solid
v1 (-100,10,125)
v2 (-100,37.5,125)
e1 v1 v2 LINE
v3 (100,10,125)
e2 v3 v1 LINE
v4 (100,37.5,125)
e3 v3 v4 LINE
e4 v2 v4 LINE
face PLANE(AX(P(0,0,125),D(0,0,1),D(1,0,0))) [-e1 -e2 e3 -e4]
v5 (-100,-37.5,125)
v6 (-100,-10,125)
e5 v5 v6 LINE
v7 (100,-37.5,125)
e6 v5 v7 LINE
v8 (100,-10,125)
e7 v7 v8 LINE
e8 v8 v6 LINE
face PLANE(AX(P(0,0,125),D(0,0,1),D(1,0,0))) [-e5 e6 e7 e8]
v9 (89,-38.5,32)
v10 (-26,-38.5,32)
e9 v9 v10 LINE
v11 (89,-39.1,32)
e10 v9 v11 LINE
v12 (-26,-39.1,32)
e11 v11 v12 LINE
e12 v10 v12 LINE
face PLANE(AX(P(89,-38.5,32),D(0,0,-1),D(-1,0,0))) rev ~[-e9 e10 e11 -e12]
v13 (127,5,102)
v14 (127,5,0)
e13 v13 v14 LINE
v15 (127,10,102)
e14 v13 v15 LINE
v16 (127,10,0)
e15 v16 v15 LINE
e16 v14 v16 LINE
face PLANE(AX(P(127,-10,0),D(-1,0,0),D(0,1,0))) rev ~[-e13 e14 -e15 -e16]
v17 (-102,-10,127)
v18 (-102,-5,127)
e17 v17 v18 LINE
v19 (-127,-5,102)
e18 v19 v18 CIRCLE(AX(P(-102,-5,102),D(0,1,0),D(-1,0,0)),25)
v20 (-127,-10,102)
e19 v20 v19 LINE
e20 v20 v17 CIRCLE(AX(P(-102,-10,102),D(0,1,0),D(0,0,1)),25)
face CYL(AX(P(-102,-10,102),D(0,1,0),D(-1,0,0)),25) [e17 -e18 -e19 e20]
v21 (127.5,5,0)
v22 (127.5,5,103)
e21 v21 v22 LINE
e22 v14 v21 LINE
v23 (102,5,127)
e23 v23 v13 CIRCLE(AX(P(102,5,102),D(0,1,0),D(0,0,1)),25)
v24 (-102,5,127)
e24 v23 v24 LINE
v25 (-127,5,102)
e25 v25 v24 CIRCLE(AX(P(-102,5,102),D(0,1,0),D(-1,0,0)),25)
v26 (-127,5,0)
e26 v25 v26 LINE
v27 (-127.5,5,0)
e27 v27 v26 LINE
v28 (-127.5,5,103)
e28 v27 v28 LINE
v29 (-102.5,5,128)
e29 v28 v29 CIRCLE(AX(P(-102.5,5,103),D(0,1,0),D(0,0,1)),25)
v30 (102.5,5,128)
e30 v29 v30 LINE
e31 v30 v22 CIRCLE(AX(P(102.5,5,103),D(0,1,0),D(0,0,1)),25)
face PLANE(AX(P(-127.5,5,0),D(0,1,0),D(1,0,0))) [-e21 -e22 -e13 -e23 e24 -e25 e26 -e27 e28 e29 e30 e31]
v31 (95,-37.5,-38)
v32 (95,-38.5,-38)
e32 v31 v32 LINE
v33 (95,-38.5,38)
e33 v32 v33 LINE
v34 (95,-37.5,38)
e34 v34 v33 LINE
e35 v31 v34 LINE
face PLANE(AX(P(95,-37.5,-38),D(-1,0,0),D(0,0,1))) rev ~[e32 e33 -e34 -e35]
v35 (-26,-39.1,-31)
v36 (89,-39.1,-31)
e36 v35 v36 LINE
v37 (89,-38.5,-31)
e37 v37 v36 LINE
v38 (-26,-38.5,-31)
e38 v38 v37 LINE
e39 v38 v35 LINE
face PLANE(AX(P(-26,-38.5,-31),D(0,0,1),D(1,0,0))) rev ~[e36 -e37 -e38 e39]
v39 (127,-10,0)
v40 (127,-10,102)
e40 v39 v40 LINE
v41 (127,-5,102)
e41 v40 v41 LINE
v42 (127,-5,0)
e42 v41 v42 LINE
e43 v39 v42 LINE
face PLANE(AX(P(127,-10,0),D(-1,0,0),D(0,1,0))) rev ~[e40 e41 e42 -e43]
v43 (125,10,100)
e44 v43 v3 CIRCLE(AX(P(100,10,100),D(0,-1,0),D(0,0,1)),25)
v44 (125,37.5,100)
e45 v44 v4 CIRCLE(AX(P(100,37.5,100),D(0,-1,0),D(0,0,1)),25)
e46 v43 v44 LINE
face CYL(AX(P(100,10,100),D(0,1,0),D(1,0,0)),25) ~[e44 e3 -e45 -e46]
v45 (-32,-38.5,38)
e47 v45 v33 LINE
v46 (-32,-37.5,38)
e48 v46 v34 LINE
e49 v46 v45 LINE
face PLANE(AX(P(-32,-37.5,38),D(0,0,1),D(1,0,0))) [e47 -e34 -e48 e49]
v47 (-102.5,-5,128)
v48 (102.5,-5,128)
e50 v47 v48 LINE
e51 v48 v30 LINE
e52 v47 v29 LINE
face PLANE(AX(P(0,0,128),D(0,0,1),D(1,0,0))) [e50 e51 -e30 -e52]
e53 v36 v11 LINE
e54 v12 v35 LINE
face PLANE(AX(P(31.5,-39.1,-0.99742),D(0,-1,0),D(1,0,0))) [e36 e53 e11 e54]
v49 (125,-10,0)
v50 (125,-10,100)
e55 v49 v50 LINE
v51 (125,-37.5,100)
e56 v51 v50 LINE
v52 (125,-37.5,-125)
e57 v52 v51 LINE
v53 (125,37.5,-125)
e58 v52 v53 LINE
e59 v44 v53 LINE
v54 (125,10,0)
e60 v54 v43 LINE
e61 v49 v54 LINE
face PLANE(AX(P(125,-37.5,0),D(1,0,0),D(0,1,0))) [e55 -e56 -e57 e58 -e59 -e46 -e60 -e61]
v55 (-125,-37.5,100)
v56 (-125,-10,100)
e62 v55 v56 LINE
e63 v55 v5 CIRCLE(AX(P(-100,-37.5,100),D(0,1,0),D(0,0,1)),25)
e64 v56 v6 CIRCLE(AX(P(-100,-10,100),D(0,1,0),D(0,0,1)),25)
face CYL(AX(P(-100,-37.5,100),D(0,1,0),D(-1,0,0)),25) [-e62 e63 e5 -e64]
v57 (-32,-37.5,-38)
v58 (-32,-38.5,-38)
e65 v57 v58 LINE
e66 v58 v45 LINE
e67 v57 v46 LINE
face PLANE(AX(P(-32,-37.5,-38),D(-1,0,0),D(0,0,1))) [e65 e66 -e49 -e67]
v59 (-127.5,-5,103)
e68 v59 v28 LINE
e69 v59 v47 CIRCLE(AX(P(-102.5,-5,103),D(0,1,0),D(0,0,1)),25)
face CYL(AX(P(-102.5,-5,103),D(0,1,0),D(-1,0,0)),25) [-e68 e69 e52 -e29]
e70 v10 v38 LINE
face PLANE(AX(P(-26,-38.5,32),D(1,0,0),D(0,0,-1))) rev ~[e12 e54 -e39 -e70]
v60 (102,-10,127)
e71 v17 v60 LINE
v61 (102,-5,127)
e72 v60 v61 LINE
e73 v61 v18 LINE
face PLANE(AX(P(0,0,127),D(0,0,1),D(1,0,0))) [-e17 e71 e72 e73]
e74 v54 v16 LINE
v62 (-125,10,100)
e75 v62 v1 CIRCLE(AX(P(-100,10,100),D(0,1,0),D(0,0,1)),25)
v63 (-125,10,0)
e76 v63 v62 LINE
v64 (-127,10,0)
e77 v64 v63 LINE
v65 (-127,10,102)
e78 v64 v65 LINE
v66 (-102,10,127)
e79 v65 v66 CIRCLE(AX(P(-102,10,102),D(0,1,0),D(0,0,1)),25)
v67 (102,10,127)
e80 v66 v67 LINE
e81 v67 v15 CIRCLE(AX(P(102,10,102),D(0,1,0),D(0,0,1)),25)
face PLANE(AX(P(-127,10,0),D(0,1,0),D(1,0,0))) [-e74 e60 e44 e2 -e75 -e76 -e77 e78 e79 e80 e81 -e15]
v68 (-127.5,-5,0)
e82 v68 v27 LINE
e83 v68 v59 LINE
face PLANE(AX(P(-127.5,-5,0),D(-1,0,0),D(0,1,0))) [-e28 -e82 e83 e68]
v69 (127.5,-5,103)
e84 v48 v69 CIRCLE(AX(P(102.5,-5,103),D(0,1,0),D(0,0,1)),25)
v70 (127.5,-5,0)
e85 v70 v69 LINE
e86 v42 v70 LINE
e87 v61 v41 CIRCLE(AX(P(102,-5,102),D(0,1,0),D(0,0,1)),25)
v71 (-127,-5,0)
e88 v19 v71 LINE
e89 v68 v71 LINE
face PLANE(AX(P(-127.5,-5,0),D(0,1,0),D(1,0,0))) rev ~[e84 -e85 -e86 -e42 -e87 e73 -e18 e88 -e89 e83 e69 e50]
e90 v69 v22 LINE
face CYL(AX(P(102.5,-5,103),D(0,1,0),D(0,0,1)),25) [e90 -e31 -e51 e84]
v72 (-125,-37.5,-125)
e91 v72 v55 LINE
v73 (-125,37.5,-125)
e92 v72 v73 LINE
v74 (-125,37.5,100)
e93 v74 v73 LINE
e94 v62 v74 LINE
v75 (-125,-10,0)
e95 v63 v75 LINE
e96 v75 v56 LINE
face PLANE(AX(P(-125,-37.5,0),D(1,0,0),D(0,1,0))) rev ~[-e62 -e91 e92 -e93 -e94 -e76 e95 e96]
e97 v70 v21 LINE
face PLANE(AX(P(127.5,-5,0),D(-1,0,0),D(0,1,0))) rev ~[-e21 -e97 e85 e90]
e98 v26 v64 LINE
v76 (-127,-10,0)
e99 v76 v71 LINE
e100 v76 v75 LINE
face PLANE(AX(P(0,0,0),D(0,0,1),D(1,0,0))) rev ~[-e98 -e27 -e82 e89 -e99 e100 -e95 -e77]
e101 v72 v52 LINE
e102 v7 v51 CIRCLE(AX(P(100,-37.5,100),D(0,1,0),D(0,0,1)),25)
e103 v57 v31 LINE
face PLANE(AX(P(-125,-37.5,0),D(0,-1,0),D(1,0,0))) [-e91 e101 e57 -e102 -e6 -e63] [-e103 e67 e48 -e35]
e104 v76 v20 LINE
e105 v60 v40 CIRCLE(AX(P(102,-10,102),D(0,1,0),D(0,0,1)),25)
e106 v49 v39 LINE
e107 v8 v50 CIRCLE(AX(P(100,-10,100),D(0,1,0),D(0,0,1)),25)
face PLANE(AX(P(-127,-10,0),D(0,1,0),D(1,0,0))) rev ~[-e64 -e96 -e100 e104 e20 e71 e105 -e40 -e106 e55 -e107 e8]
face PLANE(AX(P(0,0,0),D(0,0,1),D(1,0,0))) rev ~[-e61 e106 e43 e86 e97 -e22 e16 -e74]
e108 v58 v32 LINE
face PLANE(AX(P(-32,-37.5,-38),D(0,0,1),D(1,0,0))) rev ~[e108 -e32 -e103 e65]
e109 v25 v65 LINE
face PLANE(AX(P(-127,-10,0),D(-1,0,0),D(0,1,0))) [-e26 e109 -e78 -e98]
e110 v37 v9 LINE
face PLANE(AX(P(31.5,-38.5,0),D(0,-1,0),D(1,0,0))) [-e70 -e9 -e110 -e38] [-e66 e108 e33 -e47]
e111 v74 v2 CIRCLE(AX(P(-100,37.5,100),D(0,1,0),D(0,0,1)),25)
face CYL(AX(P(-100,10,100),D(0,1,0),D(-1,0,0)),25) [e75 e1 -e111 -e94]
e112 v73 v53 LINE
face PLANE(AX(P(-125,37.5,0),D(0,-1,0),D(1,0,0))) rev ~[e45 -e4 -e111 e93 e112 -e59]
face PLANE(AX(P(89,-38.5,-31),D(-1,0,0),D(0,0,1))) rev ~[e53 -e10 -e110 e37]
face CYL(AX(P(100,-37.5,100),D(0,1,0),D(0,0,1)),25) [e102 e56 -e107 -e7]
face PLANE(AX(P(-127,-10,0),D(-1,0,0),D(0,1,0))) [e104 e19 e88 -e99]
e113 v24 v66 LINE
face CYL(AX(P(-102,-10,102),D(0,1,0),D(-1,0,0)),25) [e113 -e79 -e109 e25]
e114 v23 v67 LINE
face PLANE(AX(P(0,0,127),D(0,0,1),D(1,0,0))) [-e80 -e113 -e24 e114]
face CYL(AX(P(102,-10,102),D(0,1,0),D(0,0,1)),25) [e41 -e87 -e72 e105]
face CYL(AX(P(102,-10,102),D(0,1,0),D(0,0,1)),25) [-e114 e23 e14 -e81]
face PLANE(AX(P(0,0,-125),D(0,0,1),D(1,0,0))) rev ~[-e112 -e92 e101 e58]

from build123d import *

# Parameters (mm, degrees)
F0_W      = 250
F0_H      = 75
F2_DEPTH  = 125
F1_W      = 254
F1_H      = 20
F3_DEPTH  = 127
F4_R      = 25
F5_W      = 255
F5_H      = 10
F6_DEPTH  = 128
F7_R      = 25
F8_W      = 127
F8_H      = 76
F9_DEPTH  = 1
F11_DEPTH = 0.6


with BuildPart() as f2:
    # F0 (on Top) → F2 (new body, symmetric)
    with BuildSketch(Plane.XY):
        Rectangle(F0_W, F0_H)
    extrude(amount=F2_DEPTH, both=True)

    # F1 (on Top) → F3 (join)
    with BuildSketch(Plane.XY):
        Rectangle(F1_W, F1_H)
    extrude(amount=F3_DEPTH)

    # F4
    f4_edges = [f2.edges().sort_by_distance(p)[0] for p in [
        (-127, 0, 127),
        (-125, 23.75, 125),
        (-125, -23.75, 125),
        (125, 23.75, 125),
        (125, -23.75, 125),
        (127, 0, 127),
    ]]
    fillet(f4_edges, radius=F4_R)

    # F5 (on Top) → F6 (join)
    with BuildSketch(Plane.XY):
        Rectangle(F5_W, F5_H)
    extrude(amount=F6_DEPTH)

    # F7
    f7_edges = [f2.edges().sort_by_distance(p)[0] for p in [
        (-127.5, 0, 128),
        (127.5, 0, 128),
    ]]
    fillet(f7_edges, radius=F7_R)

    # F8 (on face) → F9 (join)
    with BuildSketch(Plane.XZ.offset(37.5)):
        with Locations((31.5, 0)):
            Rectangle(F8_W, F8_H)
    extrude(amount=F9_DEPTH)

    # F10 (on face) → F11 (join)
    with BuildSketch(Plane.XZ.offset(38.5)):
        Polygon((-26, 32), (-26, -31), (89, -31), (89, 32), (76.5, 26), (-13.5, 26), align=None)
        Polygon((89, 32), (-26, 32), (-13.5, 26), (76.5, 26), align=None)
    extrude(amount=F11_DEPTH)


solid = f2.part
